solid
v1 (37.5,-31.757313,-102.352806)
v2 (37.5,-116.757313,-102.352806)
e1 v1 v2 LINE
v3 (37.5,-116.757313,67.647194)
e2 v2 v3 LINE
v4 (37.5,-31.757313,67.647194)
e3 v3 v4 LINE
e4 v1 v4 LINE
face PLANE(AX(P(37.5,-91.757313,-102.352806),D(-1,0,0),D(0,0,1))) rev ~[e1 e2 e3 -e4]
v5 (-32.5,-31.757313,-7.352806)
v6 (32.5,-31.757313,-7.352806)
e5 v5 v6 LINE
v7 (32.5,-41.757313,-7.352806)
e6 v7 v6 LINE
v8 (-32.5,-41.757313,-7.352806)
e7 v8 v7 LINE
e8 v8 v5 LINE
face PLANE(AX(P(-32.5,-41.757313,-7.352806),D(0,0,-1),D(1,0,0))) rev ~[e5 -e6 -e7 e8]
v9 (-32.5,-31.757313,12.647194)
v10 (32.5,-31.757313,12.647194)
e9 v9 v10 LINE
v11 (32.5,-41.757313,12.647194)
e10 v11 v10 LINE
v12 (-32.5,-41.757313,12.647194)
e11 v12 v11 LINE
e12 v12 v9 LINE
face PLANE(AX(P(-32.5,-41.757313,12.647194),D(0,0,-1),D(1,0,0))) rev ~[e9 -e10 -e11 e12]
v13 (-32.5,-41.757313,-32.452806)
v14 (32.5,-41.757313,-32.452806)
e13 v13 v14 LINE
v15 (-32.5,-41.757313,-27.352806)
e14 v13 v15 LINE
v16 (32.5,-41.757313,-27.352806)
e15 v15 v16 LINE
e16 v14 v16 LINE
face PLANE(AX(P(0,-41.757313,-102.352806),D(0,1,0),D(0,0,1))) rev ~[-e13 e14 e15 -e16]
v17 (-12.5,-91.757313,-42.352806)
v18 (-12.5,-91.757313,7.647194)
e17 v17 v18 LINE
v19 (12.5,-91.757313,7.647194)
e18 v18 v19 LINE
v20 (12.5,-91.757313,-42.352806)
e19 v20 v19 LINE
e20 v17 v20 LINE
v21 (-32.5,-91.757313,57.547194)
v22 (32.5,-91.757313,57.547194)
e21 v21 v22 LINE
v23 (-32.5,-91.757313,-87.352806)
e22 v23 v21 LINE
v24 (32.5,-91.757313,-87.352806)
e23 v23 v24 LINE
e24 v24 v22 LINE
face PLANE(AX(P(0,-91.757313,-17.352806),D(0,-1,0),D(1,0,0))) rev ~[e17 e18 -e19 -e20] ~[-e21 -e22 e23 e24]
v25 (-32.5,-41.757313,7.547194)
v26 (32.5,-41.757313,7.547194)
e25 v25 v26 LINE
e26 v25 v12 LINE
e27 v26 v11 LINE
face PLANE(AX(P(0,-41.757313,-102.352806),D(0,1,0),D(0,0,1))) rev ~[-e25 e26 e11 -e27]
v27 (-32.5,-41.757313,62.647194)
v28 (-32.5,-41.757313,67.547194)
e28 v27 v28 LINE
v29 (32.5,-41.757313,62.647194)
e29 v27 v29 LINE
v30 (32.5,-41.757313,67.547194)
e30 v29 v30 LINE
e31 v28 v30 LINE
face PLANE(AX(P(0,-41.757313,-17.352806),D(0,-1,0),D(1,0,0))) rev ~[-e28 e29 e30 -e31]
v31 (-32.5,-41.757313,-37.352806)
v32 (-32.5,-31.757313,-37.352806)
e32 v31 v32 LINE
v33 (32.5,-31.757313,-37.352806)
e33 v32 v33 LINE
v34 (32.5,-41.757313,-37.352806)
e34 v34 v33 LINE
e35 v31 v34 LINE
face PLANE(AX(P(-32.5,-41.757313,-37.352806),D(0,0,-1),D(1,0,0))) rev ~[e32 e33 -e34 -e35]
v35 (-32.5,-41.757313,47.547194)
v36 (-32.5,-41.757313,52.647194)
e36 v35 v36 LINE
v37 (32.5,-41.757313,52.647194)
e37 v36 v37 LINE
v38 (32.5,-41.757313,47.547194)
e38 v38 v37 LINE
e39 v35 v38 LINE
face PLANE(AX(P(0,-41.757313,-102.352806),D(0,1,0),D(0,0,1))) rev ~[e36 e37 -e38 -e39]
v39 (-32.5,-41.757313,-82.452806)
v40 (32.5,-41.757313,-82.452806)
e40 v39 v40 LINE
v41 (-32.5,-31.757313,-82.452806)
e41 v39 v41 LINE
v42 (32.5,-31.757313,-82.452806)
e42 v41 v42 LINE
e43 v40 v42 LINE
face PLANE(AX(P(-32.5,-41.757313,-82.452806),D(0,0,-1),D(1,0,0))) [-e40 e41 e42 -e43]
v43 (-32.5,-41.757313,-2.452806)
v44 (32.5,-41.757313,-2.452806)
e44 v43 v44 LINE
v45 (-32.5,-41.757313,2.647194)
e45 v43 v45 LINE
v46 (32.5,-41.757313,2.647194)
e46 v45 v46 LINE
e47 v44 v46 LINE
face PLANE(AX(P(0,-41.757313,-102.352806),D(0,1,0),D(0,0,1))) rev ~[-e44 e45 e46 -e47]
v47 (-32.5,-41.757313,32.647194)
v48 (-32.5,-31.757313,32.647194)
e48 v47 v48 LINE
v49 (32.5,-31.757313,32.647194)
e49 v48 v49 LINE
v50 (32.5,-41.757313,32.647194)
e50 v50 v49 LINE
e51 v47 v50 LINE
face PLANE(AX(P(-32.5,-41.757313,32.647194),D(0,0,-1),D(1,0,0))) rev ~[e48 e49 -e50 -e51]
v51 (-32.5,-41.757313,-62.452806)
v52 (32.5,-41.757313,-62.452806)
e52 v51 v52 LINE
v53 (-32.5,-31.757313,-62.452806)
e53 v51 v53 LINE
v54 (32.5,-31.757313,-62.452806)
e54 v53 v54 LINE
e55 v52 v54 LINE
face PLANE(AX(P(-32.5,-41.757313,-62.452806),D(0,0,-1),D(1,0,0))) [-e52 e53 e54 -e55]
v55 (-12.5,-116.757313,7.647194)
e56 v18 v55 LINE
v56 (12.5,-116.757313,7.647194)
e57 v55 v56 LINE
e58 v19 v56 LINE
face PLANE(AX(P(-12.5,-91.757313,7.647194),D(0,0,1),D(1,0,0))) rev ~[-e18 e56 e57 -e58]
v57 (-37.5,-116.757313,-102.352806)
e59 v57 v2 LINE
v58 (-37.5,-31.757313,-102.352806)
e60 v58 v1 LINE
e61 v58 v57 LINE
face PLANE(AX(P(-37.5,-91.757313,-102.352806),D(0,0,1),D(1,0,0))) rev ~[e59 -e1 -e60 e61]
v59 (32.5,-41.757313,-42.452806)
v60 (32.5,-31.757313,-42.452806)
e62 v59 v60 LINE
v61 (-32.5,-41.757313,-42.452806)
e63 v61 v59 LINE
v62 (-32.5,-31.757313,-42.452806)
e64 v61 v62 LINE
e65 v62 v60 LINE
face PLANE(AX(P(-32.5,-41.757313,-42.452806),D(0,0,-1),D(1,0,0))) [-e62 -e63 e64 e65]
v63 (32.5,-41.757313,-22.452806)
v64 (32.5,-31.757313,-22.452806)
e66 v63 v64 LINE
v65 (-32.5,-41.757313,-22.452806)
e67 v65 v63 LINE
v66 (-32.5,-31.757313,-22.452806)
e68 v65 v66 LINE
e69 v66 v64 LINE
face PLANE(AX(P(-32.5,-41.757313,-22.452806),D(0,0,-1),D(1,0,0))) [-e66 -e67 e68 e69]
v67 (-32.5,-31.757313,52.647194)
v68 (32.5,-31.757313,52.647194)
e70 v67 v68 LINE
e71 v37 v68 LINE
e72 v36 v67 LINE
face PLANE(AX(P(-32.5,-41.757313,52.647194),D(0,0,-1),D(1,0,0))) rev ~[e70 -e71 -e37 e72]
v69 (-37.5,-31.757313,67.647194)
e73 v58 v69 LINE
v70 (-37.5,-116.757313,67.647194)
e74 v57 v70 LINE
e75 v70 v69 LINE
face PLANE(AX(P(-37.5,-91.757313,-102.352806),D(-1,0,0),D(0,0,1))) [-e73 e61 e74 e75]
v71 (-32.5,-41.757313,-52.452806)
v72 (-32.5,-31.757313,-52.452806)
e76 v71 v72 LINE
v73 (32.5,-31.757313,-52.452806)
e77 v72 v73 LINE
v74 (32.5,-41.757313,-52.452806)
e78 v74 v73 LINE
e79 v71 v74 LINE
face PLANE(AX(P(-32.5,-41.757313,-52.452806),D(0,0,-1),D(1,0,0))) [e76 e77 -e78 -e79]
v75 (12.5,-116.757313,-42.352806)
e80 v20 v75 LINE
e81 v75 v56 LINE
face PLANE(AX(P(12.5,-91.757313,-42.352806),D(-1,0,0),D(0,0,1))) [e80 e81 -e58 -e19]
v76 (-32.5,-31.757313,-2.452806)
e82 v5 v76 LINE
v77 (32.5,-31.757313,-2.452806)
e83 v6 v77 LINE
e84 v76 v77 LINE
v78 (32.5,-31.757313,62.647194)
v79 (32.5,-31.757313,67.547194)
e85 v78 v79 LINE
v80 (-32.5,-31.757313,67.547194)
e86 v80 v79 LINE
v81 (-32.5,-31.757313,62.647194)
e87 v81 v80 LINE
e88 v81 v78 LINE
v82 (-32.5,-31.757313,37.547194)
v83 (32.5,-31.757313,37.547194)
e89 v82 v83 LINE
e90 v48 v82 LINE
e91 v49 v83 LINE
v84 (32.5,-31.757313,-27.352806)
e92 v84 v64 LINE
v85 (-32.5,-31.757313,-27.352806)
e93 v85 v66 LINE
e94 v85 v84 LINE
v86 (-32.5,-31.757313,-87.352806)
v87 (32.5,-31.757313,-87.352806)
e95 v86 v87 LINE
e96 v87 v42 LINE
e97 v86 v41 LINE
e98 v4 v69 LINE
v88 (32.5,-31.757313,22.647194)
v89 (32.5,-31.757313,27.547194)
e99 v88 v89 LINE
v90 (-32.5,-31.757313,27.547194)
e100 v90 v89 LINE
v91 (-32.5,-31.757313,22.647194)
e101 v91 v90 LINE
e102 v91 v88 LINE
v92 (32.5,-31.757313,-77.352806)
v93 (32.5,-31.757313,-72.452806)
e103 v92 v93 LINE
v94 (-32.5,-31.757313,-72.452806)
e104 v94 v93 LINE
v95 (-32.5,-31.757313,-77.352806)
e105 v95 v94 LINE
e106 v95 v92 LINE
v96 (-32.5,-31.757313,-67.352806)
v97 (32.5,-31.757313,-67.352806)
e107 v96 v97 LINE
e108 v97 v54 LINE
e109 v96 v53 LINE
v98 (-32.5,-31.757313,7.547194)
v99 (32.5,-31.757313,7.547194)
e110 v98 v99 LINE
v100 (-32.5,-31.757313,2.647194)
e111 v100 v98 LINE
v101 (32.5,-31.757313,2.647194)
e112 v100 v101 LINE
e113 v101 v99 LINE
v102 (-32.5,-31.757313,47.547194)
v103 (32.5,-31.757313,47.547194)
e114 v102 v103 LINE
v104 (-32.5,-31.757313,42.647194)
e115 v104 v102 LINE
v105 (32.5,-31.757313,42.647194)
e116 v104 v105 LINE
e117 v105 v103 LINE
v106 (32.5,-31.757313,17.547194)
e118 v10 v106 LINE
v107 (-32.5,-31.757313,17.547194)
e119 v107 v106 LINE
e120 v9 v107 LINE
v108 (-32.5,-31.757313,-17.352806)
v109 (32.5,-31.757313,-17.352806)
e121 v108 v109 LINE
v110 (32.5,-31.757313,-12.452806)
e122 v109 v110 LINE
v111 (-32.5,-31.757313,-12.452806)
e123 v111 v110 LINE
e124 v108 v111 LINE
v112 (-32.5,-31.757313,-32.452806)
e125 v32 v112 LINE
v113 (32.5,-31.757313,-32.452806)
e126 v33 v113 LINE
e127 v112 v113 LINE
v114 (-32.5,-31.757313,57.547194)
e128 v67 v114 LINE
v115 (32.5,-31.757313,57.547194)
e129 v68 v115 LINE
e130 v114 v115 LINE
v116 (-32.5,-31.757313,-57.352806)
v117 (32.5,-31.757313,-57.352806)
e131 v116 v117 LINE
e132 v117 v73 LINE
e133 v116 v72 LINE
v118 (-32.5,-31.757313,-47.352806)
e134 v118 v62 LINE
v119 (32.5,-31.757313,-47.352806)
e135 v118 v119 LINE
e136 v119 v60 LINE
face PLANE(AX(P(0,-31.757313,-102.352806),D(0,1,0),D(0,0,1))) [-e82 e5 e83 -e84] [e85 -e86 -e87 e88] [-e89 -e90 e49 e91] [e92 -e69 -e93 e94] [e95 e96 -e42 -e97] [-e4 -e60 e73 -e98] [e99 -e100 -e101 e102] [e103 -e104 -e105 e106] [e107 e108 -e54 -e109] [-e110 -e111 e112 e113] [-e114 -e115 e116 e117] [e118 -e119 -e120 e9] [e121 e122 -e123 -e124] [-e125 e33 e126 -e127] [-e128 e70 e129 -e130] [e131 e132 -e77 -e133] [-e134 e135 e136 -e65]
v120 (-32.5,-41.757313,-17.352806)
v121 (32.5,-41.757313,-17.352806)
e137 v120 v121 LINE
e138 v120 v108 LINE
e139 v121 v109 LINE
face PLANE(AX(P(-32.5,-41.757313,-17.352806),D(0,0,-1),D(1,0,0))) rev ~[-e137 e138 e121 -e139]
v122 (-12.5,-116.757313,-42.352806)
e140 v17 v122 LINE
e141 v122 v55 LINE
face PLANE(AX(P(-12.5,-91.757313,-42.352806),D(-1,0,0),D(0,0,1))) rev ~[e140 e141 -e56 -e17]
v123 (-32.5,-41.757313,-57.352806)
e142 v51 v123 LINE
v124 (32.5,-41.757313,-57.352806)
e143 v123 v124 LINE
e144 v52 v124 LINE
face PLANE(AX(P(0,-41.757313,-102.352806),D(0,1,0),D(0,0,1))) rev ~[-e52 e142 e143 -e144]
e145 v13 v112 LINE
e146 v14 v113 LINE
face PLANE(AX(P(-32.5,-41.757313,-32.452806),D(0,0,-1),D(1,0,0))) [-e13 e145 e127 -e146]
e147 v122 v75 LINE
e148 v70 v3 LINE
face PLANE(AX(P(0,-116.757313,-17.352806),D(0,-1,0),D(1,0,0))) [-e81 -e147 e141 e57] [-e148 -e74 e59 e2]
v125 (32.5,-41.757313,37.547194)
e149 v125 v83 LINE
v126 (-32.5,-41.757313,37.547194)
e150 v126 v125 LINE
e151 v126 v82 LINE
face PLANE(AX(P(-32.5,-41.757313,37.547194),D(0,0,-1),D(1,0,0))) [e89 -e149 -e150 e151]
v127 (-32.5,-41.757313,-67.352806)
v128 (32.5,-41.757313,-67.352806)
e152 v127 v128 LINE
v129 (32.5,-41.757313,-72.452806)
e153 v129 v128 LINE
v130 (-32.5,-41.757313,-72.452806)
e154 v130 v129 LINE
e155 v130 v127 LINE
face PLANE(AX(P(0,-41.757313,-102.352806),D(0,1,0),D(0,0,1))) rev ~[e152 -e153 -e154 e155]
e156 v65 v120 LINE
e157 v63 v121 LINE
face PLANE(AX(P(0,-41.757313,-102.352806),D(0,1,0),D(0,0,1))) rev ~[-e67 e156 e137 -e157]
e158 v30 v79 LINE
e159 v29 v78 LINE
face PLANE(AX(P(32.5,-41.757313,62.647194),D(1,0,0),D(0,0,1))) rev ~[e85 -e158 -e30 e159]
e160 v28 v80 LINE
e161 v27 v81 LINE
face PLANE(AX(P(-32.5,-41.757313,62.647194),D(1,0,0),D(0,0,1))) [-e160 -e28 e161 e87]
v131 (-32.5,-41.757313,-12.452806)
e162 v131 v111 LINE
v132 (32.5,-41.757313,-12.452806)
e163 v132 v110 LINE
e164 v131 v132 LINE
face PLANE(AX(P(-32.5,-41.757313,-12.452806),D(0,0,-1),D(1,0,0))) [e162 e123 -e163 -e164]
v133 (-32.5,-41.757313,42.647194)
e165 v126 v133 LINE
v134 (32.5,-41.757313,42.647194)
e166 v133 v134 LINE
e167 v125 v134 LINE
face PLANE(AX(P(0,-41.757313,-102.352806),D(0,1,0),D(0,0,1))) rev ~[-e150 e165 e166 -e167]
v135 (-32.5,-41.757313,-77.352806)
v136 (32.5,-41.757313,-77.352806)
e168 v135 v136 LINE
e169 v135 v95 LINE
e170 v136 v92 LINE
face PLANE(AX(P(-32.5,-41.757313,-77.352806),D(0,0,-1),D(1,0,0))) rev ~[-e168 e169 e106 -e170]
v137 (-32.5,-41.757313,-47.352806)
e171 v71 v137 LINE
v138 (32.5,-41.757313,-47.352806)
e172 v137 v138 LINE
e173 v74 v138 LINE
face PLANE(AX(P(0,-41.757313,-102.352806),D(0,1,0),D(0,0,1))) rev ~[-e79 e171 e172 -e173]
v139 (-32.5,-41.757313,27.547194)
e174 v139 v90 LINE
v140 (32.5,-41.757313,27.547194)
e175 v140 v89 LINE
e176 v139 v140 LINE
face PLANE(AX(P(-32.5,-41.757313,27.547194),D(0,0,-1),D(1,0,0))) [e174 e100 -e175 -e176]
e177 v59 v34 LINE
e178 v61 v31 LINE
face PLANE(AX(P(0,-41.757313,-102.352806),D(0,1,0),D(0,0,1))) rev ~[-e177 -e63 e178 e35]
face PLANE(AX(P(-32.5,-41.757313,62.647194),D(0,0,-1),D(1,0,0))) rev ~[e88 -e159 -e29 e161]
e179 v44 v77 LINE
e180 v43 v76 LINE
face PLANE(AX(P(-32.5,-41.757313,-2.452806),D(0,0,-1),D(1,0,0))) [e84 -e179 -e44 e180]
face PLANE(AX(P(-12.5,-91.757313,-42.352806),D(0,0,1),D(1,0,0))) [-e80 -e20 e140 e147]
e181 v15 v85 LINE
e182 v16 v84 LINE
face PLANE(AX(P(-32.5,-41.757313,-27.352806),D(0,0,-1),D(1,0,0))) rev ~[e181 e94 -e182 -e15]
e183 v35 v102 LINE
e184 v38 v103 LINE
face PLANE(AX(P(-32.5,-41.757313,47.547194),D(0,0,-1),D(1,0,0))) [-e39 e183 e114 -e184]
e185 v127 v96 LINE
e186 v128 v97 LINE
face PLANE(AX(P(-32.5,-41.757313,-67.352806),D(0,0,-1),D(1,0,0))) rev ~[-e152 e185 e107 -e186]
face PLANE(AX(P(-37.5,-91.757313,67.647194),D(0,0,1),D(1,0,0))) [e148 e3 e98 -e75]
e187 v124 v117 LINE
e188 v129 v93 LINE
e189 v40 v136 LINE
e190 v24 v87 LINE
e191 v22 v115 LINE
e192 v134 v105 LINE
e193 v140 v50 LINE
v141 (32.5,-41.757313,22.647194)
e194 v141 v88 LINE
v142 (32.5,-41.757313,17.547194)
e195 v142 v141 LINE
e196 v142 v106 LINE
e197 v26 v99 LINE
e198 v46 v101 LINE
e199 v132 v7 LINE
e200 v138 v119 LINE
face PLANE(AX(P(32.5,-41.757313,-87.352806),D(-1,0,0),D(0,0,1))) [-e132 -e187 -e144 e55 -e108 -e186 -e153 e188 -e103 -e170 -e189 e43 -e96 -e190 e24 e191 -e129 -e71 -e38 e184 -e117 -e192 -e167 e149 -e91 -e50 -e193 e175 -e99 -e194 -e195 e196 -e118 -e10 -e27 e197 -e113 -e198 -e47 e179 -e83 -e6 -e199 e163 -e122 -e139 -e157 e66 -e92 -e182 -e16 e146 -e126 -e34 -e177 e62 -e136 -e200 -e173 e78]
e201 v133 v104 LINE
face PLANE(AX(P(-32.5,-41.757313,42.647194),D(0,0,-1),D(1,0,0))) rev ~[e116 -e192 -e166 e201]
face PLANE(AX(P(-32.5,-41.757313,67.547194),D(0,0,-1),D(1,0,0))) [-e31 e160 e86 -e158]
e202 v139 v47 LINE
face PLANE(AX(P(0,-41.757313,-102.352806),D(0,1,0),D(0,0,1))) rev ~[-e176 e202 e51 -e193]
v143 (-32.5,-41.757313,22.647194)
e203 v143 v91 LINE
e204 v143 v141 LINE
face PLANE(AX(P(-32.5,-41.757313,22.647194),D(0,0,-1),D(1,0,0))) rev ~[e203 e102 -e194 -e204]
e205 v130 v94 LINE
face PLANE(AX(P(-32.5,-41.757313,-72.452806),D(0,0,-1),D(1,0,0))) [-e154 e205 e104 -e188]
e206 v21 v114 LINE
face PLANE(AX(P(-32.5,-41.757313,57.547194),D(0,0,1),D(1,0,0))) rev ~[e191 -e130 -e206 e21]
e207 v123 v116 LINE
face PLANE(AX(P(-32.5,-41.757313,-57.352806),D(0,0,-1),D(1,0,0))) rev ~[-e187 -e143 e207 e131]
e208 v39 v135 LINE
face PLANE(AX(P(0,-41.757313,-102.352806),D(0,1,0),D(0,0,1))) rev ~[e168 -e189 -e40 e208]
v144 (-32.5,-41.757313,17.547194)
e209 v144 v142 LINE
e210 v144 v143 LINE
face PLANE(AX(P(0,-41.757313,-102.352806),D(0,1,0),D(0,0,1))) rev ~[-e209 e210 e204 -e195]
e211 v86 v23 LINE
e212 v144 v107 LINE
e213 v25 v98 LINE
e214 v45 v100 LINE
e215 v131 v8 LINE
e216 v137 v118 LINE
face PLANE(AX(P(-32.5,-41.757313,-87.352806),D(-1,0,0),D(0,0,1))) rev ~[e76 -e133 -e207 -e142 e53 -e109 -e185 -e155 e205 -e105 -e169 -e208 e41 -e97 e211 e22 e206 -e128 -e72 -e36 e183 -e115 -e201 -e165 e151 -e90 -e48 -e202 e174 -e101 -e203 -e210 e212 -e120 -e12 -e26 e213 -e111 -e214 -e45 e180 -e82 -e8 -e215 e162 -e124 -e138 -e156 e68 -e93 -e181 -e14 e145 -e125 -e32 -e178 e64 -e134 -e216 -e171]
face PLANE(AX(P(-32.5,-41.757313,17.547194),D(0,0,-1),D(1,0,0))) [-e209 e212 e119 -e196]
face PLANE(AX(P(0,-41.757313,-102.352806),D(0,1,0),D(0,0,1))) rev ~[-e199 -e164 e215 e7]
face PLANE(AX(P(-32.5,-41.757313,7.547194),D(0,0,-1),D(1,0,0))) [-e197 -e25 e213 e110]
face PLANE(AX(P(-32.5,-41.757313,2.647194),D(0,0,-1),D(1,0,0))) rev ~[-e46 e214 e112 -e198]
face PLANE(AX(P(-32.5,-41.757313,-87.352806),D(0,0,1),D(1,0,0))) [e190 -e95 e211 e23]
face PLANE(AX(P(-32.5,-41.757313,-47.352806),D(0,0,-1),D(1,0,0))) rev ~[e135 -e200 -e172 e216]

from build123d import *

# Parameters (mm, degrees)
F0_W     = 10
F0_H     = 170
F1_DEPTH = 37.5
F2_W     = 65
F2_H     = 4.9
F3_DEPTH = 10
F4_W     = 75
F4_H     = 170
F4_W_2   = 65
F4_H_2   = 144.9
F5_DEPTH = 50
F6_W     = 75
F6_H     = 170
F6_W_2   = 25
F6_H_2   = 50
F7_DEPTH = 25


with BuildPart() as f1:
    # F0 (on Right) → F1 (new body, symmetric)
    with BuildSketch(Plane.YZ):
        with Locations((-36.757313, -17.352806)):
            Rectangle(F0_W, F0_H)
    extrude(amount=F1_DEPTH, both=True)

    # F2 (on face) → F3 (cut, through all)
    with BuildSketch(Plane.XZ.offset(41.757313)):
        with Locations((0, 65.097194)):
            Rectangle(F2_W, F2_H)
        with Locations((0, 55.097194)):
            Rectangle(F2_W, F2_H)
        with Locations((0, 45.097194)):
            Rectangle(F2_W, F2_H)
        with Locations((0, 35.097194)):
            Rectangle(F2_W, F2_H)
        with Locations((0, 25.097194)):
            Rectangle(F2_W, F2_H)
        with Locations((0, 15.097194)):
            Rectangle(F2_W, F2_H)
        with Locations((0, 5.097194)):
            Rectangle(F2_W, F2_H)
        with Locations((0, -4.902806)):
            Rectangle(F2_W, F2_H)
        with Locations((0, -14.902806)):
            Rectangle(F2_W, F2_H)
        with Locations((0, -24.902806)):
            Rectangle(F2_W, F2_H)
        with Locations((0, -34.902806)):
            Rectangle(F2_W, F2_H)
        with Locations((0, -44.902806)):
            Rectangle(F2_W, F2_H)
        with Locations((0, -54.902806)):
            Rectangle(F2_W, F2_H)
        with Locations((0, -64.902806)):
            Rectangle(F2_W, F2_H)
        with Locations((0, -74.902806)):
            Rectangle(F2_W, F2_H)
        with Locations((0, -84.902806)):
            Rectangle(F2_W, F2_H)
    extrude(amount=-F3_DEPTH, mode=Mode.SUBTRACT)

    # F4 (on face) → F5 (join)
    with BuildSketch(Plane.XZ.offset(41.757313)):
        with Locations((0, -17.352806)):
            Rectangle(F4_W, F4_H)
        with Locations((0, -14.902806)):
            Rectangle(F4_W_2, F4_H_2, mode=Mode.SUBTRACT)
    extrude(amount=F5_DEPTH)

    # F6 (on face) → F7 (join)
    with BuildSketch(Plane.XZ.offset(91.757313)):
        with Locations((0, -17.352806)):
            Rectangle(F6_W, F6_H)
        with Locations((0, -17.352806)):
            Rectangle(F6_W_2, F6_H_2, mode=Mode.SUBTRACT)
    extrude(amount=F7_DEPTH)


solid = f1.part
